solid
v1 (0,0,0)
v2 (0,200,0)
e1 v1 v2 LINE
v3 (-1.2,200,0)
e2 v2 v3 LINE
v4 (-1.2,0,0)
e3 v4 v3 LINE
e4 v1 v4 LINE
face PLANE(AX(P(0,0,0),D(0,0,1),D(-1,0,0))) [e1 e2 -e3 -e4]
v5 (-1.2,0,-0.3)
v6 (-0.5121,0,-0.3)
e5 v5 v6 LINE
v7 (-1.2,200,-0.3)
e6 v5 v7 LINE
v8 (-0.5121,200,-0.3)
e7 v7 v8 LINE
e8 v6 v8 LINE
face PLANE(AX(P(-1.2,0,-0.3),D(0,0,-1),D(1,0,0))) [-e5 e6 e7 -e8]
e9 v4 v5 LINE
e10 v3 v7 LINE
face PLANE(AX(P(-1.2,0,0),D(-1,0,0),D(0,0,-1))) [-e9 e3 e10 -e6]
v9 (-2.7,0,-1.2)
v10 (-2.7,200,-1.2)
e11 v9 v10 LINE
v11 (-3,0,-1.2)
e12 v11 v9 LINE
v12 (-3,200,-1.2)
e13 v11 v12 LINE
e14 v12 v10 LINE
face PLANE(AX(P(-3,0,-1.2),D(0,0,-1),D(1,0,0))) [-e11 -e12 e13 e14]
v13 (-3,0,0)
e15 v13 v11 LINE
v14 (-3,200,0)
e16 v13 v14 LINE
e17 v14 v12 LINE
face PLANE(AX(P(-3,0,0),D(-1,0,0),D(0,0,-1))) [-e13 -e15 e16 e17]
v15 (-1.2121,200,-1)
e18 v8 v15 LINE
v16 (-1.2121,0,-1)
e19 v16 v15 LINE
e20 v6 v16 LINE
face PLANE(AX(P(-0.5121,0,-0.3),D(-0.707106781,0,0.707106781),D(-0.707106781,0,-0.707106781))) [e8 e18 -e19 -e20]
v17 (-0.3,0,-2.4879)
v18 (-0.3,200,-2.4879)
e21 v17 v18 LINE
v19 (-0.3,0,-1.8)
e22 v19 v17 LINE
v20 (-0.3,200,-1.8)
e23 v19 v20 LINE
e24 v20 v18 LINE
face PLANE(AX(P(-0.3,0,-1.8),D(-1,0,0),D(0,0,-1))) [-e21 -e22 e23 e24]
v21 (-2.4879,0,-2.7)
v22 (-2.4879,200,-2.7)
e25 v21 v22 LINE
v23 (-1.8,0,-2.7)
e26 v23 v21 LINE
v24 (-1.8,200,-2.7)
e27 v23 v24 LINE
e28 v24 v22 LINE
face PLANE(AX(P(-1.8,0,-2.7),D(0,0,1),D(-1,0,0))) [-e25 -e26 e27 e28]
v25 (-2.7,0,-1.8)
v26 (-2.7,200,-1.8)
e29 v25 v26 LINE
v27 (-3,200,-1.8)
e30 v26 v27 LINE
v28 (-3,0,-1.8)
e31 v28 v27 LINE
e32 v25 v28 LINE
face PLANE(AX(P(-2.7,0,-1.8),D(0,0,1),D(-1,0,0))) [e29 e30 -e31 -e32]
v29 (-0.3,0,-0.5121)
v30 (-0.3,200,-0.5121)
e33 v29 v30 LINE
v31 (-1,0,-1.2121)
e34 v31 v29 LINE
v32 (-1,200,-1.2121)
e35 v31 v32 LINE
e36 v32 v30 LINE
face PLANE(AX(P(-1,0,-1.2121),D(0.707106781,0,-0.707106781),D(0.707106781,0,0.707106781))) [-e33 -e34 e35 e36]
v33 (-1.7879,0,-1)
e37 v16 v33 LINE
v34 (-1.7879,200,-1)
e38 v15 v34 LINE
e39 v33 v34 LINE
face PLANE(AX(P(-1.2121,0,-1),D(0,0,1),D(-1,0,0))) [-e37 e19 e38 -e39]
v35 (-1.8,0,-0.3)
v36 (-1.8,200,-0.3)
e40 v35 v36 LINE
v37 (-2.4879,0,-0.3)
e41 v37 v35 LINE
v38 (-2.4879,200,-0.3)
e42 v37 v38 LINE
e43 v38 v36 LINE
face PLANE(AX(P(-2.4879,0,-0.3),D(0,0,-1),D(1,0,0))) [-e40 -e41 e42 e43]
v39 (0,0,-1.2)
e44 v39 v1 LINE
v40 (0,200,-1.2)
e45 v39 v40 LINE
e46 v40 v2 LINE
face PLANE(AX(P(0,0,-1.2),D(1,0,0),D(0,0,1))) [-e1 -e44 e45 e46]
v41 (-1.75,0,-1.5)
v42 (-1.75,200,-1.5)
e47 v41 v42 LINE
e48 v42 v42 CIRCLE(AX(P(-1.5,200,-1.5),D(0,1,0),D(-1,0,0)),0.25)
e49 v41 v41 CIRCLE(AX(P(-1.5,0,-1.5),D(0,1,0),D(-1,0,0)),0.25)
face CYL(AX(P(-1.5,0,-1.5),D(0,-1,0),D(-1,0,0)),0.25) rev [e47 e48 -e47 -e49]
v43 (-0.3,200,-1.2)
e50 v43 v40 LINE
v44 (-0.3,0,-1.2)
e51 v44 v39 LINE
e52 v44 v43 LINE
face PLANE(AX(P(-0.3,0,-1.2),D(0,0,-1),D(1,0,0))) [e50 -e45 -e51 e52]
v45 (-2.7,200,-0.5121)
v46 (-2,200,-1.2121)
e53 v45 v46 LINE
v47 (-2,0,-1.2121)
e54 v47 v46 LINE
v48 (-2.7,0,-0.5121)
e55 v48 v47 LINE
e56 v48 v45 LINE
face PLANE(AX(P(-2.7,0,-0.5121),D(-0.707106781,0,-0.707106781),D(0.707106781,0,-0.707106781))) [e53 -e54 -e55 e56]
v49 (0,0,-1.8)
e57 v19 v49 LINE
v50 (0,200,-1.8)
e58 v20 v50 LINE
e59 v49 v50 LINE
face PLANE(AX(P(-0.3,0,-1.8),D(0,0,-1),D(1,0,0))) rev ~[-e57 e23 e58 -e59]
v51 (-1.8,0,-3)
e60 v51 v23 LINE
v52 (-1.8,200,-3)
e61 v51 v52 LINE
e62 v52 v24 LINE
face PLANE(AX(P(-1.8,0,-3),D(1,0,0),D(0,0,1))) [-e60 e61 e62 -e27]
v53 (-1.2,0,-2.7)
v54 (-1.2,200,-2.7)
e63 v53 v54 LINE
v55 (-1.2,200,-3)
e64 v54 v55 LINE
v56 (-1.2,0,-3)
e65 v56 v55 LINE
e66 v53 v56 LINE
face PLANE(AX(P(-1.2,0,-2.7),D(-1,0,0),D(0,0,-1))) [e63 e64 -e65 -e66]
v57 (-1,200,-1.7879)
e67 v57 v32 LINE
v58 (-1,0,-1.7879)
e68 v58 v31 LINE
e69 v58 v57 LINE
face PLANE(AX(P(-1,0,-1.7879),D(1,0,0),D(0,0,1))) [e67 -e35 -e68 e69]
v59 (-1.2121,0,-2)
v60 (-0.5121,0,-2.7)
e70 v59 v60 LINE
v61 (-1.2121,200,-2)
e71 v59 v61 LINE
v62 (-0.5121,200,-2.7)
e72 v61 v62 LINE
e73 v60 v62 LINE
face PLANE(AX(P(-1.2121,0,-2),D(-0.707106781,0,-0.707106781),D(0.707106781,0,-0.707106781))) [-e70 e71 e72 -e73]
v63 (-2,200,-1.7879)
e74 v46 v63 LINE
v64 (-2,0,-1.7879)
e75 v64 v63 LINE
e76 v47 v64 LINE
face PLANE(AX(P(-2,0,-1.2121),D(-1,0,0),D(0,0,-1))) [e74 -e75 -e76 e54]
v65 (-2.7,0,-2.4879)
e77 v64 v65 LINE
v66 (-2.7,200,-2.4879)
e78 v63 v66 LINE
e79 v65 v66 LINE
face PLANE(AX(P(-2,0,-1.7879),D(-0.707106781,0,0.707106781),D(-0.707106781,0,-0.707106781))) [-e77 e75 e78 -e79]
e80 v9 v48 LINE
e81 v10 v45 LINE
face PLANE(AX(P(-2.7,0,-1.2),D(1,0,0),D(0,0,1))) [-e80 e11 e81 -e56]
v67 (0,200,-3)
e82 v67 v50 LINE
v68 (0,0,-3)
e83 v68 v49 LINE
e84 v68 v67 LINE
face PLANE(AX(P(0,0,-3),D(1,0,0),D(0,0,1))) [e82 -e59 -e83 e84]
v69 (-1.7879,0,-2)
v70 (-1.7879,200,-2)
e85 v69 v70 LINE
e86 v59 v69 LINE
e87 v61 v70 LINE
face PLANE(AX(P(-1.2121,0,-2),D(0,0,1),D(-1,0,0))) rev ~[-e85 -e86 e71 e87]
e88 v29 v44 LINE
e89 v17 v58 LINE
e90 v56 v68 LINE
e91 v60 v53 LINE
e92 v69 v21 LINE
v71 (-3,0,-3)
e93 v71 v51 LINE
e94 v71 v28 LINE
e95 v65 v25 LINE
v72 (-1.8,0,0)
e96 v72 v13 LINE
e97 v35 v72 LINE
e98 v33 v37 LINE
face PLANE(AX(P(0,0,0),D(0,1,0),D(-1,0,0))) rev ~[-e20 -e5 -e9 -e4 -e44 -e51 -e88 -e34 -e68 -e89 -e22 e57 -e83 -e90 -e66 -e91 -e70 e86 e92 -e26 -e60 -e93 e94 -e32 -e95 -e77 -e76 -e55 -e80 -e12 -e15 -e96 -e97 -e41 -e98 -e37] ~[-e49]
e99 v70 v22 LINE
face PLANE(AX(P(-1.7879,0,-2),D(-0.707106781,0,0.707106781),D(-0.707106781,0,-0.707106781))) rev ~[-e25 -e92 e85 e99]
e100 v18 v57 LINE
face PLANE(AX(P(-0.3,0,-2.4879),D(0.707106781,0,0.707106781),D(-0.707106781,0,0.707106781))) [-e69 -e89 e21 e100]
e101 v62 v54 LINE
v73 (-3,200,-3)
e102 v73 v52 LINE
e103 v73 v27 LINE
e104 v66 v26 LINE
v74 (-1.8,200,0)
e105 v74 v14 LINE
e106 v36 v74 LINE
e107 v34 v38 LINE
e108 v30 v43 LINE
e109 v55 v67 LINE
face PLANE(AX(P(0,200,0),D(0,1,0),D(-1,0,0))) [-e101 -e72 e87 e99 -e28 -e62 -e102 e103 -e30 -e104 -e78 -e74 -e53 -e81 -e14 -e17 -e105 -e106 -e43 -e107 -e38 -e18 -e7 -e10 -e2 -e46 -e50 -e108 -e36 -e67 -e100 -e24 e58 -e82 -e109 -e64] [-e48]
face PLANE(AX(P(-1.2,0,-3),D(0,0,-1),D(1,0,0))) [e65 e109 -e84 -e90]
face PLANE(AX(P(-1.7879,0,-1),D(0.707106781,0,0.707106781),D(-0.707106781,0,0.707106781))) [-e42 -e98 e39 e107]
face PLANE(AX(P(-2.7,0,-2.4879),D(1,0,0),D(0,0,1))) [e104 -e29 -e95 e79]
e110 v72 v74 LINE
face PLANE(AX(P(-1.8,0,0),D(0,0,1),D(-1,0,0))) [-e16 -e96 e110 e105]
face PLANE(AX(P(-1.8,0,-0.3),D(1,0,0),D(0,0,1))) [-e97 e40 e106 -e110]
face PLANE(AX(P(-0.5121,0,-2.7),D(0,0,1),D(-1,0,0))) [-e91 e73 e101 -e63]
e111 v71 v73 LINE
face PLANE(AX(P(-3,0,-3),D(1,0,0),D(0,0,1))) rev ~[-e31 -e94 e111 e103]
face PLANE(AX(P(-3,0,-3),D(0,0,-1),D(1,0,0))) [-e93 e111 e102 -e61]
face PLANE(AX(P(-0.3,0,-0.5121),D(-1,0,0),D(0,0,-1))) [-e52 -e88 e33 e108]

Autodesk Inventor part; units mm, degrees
ref_plane "YZ Plane" through (0, 0, 0) normal (1, 0, 0) x (0, 1, 0)
ref_plane "XZ Plane" through (0, 0, 0) normal (0, 1, 0) x (-1, 0, 0)
ref_plane "XY Plane" through (0, 0, 0) normal (0, 0, 1) x (1, 0, 0)
sketch "Skizze1" plane through (0, 0, 0) normal (0, 1, 0) x (-1, 0, 0)
  line L0 (0, 0) -> (3, 0) construction
  line L1 (3, 0) -> (3, -3) construction
  line L2 (3, -3) -> (0, -3) construction
  line L3 (0, -3) -> (0, 0) construction
  line L4 (3, -1.5) -> (0, -1.5) construction
  line L5 (1.5, -3) -> (1.5, 0) construction
  circle A0 centre (1.5, -1.5) radius 0.25
  line L6 (2, -1) -> (1, -1) construction
  line L7 (1, -1) -> (1, -2) construction
  line L8 (1, -2) -> (2, -2) construction
  line L9 (2, -2) -> (2, -1) construction
  line L10 (1.5, -1) -> (1.5, -2) construction
  line L11 (2, -1.5) -> (1, -1.5) construction
  line L12 (3, -1.2) -> (0, -1.2) construction
  line L13 (1.2, 0) -> (1.2, -3) construction
  line L14 (0, -1.8) -> (3, -1.8) construction
  line L15 (1.8, 0) -> (1.8, -3) construction
  line L16 (2.7, -2.7) -> (2.7, -0.3) construction
  line L17 (2.7, -0.3) -> (0.3, -0.3) construction
  line L18 (0.3, -0.3) -> (0.3, -2.7) construction
  line L19 (0.3, -2.7) -> (2.7, -2.7) construction
  line L20 (2.7, -0.3) -> (0.3, -2.7) construction
  line L21 (2.7, -2.7) -> (0.3, -0.3) construction
  line L22 (2.7, -0.5121) -> (0.5121, -2.7) construction
  line L23 (0.3, -2.4879) -> (2.4879, -0.3) construction
  line L24 (0.5121, -0.3) -> (2.7, -2.4879) construction
  line L25 (2.4879, -2.7) -> (0.3, -0.5121) construction
  line L26 (3, 0) -> (3, -1.2)
  line L27 (3, -1.2) -> (2.7, -1.2)
  line L28 (2.7, -1.2) -> (2.7, -0.5121)
  line L29 (2.7, -0.5121) -> (2, -1.2121)
  line L30 (2, -1.2121) -> (2, -1.7879)
  line L31 (2, -1.7879) -> (2.7, -2.4879)
  line L32 (2.7, -2.4879) -> (2.7, -1.8)
  line L33 (2.7, -1.8) -> (3, -1.8)
  line L34 (3, -3) -> (3, -1.8)
  line L35 (3, -3) -> (1.8, -3)
  line L36 (1.8, -3) -> (1.8, -2.7)
  line L37 (1.8, -2.7) -> (2.4879, -2.7)
  line L38 (1.7879, -2) -> (2.4879, -2.7)
  line L39 (1.2121, -2) -> (1.7879, -2)
  line L40 (1.2121, -2) -> (0.5121, -2.7)
  line L41 (0.5121, -2.7) -> (1.2, -2.7)
  line L42 (1.2, -2.7) -> (1.2, -3)
  line L43 (1.2, -3) -> (0, -3)
  line L44 (0, -3) -> (0, -1.8)
  line L45 (0.3, -1.8) -> (0, -1.8)
  line L46 (0.3, -1.8) -> (0.3, -2.4879)
  line L47 (0.3, -2.4879) -> (1, -1.7879)
  line L48 (1, -1.7879) -> (1, -1.2121)
  line L49 (1, -1.2121) -> (0.3, -0.5121)
  line L50 (0.3, -0.5121) -> (0.3, -1.2)
  line L51 (0.3, -1.2) -> (0, -1.2)
  line L52 (0, -1.2) -> (0, 0)
  line L53 (0, 0) -> (1.2, 0)
  line L54 (1.2, 0) -> (1.2, -0.3)
  line L55 (1.2, -0.3) -> (0.5121, -0.3)
  line L56 (0.5121, -0.3) -> (1.2121, -1)
  line L57 (1.2121, -1) -> (1.7879, -1)
  line L58 (1.7879, -1) -> (2.4879, -0.3)
  line L59 (2.4879, -0.3) -> (1.8, -0.3)
  line L60 (1.8, -0.3) -> (1.8, 0)
  line L61 (1.8, 0) -> (3, 0)
  dimension "d0" = 3
  dimension "d1" = 3
  dimension "d2" = 0.5
  dimension "d3" = 1
  dimension "d4" = 1
  dimension "d5" = 1.2
  dimension "d6" = 1.2
  dimension "d7" = 1.2
  dimension "d8" = 1.2
  dimension "d9" = 0.3
  dimension "d10" = 0.15
  dimension "d11" = 0.15
  dimension "d12" = 0.15
  dimension "d13" = 0.15
extrude "Extrusion1" add sketch "Skizze1" along normal blind 200
properties part number "item_30x30_200cm"
